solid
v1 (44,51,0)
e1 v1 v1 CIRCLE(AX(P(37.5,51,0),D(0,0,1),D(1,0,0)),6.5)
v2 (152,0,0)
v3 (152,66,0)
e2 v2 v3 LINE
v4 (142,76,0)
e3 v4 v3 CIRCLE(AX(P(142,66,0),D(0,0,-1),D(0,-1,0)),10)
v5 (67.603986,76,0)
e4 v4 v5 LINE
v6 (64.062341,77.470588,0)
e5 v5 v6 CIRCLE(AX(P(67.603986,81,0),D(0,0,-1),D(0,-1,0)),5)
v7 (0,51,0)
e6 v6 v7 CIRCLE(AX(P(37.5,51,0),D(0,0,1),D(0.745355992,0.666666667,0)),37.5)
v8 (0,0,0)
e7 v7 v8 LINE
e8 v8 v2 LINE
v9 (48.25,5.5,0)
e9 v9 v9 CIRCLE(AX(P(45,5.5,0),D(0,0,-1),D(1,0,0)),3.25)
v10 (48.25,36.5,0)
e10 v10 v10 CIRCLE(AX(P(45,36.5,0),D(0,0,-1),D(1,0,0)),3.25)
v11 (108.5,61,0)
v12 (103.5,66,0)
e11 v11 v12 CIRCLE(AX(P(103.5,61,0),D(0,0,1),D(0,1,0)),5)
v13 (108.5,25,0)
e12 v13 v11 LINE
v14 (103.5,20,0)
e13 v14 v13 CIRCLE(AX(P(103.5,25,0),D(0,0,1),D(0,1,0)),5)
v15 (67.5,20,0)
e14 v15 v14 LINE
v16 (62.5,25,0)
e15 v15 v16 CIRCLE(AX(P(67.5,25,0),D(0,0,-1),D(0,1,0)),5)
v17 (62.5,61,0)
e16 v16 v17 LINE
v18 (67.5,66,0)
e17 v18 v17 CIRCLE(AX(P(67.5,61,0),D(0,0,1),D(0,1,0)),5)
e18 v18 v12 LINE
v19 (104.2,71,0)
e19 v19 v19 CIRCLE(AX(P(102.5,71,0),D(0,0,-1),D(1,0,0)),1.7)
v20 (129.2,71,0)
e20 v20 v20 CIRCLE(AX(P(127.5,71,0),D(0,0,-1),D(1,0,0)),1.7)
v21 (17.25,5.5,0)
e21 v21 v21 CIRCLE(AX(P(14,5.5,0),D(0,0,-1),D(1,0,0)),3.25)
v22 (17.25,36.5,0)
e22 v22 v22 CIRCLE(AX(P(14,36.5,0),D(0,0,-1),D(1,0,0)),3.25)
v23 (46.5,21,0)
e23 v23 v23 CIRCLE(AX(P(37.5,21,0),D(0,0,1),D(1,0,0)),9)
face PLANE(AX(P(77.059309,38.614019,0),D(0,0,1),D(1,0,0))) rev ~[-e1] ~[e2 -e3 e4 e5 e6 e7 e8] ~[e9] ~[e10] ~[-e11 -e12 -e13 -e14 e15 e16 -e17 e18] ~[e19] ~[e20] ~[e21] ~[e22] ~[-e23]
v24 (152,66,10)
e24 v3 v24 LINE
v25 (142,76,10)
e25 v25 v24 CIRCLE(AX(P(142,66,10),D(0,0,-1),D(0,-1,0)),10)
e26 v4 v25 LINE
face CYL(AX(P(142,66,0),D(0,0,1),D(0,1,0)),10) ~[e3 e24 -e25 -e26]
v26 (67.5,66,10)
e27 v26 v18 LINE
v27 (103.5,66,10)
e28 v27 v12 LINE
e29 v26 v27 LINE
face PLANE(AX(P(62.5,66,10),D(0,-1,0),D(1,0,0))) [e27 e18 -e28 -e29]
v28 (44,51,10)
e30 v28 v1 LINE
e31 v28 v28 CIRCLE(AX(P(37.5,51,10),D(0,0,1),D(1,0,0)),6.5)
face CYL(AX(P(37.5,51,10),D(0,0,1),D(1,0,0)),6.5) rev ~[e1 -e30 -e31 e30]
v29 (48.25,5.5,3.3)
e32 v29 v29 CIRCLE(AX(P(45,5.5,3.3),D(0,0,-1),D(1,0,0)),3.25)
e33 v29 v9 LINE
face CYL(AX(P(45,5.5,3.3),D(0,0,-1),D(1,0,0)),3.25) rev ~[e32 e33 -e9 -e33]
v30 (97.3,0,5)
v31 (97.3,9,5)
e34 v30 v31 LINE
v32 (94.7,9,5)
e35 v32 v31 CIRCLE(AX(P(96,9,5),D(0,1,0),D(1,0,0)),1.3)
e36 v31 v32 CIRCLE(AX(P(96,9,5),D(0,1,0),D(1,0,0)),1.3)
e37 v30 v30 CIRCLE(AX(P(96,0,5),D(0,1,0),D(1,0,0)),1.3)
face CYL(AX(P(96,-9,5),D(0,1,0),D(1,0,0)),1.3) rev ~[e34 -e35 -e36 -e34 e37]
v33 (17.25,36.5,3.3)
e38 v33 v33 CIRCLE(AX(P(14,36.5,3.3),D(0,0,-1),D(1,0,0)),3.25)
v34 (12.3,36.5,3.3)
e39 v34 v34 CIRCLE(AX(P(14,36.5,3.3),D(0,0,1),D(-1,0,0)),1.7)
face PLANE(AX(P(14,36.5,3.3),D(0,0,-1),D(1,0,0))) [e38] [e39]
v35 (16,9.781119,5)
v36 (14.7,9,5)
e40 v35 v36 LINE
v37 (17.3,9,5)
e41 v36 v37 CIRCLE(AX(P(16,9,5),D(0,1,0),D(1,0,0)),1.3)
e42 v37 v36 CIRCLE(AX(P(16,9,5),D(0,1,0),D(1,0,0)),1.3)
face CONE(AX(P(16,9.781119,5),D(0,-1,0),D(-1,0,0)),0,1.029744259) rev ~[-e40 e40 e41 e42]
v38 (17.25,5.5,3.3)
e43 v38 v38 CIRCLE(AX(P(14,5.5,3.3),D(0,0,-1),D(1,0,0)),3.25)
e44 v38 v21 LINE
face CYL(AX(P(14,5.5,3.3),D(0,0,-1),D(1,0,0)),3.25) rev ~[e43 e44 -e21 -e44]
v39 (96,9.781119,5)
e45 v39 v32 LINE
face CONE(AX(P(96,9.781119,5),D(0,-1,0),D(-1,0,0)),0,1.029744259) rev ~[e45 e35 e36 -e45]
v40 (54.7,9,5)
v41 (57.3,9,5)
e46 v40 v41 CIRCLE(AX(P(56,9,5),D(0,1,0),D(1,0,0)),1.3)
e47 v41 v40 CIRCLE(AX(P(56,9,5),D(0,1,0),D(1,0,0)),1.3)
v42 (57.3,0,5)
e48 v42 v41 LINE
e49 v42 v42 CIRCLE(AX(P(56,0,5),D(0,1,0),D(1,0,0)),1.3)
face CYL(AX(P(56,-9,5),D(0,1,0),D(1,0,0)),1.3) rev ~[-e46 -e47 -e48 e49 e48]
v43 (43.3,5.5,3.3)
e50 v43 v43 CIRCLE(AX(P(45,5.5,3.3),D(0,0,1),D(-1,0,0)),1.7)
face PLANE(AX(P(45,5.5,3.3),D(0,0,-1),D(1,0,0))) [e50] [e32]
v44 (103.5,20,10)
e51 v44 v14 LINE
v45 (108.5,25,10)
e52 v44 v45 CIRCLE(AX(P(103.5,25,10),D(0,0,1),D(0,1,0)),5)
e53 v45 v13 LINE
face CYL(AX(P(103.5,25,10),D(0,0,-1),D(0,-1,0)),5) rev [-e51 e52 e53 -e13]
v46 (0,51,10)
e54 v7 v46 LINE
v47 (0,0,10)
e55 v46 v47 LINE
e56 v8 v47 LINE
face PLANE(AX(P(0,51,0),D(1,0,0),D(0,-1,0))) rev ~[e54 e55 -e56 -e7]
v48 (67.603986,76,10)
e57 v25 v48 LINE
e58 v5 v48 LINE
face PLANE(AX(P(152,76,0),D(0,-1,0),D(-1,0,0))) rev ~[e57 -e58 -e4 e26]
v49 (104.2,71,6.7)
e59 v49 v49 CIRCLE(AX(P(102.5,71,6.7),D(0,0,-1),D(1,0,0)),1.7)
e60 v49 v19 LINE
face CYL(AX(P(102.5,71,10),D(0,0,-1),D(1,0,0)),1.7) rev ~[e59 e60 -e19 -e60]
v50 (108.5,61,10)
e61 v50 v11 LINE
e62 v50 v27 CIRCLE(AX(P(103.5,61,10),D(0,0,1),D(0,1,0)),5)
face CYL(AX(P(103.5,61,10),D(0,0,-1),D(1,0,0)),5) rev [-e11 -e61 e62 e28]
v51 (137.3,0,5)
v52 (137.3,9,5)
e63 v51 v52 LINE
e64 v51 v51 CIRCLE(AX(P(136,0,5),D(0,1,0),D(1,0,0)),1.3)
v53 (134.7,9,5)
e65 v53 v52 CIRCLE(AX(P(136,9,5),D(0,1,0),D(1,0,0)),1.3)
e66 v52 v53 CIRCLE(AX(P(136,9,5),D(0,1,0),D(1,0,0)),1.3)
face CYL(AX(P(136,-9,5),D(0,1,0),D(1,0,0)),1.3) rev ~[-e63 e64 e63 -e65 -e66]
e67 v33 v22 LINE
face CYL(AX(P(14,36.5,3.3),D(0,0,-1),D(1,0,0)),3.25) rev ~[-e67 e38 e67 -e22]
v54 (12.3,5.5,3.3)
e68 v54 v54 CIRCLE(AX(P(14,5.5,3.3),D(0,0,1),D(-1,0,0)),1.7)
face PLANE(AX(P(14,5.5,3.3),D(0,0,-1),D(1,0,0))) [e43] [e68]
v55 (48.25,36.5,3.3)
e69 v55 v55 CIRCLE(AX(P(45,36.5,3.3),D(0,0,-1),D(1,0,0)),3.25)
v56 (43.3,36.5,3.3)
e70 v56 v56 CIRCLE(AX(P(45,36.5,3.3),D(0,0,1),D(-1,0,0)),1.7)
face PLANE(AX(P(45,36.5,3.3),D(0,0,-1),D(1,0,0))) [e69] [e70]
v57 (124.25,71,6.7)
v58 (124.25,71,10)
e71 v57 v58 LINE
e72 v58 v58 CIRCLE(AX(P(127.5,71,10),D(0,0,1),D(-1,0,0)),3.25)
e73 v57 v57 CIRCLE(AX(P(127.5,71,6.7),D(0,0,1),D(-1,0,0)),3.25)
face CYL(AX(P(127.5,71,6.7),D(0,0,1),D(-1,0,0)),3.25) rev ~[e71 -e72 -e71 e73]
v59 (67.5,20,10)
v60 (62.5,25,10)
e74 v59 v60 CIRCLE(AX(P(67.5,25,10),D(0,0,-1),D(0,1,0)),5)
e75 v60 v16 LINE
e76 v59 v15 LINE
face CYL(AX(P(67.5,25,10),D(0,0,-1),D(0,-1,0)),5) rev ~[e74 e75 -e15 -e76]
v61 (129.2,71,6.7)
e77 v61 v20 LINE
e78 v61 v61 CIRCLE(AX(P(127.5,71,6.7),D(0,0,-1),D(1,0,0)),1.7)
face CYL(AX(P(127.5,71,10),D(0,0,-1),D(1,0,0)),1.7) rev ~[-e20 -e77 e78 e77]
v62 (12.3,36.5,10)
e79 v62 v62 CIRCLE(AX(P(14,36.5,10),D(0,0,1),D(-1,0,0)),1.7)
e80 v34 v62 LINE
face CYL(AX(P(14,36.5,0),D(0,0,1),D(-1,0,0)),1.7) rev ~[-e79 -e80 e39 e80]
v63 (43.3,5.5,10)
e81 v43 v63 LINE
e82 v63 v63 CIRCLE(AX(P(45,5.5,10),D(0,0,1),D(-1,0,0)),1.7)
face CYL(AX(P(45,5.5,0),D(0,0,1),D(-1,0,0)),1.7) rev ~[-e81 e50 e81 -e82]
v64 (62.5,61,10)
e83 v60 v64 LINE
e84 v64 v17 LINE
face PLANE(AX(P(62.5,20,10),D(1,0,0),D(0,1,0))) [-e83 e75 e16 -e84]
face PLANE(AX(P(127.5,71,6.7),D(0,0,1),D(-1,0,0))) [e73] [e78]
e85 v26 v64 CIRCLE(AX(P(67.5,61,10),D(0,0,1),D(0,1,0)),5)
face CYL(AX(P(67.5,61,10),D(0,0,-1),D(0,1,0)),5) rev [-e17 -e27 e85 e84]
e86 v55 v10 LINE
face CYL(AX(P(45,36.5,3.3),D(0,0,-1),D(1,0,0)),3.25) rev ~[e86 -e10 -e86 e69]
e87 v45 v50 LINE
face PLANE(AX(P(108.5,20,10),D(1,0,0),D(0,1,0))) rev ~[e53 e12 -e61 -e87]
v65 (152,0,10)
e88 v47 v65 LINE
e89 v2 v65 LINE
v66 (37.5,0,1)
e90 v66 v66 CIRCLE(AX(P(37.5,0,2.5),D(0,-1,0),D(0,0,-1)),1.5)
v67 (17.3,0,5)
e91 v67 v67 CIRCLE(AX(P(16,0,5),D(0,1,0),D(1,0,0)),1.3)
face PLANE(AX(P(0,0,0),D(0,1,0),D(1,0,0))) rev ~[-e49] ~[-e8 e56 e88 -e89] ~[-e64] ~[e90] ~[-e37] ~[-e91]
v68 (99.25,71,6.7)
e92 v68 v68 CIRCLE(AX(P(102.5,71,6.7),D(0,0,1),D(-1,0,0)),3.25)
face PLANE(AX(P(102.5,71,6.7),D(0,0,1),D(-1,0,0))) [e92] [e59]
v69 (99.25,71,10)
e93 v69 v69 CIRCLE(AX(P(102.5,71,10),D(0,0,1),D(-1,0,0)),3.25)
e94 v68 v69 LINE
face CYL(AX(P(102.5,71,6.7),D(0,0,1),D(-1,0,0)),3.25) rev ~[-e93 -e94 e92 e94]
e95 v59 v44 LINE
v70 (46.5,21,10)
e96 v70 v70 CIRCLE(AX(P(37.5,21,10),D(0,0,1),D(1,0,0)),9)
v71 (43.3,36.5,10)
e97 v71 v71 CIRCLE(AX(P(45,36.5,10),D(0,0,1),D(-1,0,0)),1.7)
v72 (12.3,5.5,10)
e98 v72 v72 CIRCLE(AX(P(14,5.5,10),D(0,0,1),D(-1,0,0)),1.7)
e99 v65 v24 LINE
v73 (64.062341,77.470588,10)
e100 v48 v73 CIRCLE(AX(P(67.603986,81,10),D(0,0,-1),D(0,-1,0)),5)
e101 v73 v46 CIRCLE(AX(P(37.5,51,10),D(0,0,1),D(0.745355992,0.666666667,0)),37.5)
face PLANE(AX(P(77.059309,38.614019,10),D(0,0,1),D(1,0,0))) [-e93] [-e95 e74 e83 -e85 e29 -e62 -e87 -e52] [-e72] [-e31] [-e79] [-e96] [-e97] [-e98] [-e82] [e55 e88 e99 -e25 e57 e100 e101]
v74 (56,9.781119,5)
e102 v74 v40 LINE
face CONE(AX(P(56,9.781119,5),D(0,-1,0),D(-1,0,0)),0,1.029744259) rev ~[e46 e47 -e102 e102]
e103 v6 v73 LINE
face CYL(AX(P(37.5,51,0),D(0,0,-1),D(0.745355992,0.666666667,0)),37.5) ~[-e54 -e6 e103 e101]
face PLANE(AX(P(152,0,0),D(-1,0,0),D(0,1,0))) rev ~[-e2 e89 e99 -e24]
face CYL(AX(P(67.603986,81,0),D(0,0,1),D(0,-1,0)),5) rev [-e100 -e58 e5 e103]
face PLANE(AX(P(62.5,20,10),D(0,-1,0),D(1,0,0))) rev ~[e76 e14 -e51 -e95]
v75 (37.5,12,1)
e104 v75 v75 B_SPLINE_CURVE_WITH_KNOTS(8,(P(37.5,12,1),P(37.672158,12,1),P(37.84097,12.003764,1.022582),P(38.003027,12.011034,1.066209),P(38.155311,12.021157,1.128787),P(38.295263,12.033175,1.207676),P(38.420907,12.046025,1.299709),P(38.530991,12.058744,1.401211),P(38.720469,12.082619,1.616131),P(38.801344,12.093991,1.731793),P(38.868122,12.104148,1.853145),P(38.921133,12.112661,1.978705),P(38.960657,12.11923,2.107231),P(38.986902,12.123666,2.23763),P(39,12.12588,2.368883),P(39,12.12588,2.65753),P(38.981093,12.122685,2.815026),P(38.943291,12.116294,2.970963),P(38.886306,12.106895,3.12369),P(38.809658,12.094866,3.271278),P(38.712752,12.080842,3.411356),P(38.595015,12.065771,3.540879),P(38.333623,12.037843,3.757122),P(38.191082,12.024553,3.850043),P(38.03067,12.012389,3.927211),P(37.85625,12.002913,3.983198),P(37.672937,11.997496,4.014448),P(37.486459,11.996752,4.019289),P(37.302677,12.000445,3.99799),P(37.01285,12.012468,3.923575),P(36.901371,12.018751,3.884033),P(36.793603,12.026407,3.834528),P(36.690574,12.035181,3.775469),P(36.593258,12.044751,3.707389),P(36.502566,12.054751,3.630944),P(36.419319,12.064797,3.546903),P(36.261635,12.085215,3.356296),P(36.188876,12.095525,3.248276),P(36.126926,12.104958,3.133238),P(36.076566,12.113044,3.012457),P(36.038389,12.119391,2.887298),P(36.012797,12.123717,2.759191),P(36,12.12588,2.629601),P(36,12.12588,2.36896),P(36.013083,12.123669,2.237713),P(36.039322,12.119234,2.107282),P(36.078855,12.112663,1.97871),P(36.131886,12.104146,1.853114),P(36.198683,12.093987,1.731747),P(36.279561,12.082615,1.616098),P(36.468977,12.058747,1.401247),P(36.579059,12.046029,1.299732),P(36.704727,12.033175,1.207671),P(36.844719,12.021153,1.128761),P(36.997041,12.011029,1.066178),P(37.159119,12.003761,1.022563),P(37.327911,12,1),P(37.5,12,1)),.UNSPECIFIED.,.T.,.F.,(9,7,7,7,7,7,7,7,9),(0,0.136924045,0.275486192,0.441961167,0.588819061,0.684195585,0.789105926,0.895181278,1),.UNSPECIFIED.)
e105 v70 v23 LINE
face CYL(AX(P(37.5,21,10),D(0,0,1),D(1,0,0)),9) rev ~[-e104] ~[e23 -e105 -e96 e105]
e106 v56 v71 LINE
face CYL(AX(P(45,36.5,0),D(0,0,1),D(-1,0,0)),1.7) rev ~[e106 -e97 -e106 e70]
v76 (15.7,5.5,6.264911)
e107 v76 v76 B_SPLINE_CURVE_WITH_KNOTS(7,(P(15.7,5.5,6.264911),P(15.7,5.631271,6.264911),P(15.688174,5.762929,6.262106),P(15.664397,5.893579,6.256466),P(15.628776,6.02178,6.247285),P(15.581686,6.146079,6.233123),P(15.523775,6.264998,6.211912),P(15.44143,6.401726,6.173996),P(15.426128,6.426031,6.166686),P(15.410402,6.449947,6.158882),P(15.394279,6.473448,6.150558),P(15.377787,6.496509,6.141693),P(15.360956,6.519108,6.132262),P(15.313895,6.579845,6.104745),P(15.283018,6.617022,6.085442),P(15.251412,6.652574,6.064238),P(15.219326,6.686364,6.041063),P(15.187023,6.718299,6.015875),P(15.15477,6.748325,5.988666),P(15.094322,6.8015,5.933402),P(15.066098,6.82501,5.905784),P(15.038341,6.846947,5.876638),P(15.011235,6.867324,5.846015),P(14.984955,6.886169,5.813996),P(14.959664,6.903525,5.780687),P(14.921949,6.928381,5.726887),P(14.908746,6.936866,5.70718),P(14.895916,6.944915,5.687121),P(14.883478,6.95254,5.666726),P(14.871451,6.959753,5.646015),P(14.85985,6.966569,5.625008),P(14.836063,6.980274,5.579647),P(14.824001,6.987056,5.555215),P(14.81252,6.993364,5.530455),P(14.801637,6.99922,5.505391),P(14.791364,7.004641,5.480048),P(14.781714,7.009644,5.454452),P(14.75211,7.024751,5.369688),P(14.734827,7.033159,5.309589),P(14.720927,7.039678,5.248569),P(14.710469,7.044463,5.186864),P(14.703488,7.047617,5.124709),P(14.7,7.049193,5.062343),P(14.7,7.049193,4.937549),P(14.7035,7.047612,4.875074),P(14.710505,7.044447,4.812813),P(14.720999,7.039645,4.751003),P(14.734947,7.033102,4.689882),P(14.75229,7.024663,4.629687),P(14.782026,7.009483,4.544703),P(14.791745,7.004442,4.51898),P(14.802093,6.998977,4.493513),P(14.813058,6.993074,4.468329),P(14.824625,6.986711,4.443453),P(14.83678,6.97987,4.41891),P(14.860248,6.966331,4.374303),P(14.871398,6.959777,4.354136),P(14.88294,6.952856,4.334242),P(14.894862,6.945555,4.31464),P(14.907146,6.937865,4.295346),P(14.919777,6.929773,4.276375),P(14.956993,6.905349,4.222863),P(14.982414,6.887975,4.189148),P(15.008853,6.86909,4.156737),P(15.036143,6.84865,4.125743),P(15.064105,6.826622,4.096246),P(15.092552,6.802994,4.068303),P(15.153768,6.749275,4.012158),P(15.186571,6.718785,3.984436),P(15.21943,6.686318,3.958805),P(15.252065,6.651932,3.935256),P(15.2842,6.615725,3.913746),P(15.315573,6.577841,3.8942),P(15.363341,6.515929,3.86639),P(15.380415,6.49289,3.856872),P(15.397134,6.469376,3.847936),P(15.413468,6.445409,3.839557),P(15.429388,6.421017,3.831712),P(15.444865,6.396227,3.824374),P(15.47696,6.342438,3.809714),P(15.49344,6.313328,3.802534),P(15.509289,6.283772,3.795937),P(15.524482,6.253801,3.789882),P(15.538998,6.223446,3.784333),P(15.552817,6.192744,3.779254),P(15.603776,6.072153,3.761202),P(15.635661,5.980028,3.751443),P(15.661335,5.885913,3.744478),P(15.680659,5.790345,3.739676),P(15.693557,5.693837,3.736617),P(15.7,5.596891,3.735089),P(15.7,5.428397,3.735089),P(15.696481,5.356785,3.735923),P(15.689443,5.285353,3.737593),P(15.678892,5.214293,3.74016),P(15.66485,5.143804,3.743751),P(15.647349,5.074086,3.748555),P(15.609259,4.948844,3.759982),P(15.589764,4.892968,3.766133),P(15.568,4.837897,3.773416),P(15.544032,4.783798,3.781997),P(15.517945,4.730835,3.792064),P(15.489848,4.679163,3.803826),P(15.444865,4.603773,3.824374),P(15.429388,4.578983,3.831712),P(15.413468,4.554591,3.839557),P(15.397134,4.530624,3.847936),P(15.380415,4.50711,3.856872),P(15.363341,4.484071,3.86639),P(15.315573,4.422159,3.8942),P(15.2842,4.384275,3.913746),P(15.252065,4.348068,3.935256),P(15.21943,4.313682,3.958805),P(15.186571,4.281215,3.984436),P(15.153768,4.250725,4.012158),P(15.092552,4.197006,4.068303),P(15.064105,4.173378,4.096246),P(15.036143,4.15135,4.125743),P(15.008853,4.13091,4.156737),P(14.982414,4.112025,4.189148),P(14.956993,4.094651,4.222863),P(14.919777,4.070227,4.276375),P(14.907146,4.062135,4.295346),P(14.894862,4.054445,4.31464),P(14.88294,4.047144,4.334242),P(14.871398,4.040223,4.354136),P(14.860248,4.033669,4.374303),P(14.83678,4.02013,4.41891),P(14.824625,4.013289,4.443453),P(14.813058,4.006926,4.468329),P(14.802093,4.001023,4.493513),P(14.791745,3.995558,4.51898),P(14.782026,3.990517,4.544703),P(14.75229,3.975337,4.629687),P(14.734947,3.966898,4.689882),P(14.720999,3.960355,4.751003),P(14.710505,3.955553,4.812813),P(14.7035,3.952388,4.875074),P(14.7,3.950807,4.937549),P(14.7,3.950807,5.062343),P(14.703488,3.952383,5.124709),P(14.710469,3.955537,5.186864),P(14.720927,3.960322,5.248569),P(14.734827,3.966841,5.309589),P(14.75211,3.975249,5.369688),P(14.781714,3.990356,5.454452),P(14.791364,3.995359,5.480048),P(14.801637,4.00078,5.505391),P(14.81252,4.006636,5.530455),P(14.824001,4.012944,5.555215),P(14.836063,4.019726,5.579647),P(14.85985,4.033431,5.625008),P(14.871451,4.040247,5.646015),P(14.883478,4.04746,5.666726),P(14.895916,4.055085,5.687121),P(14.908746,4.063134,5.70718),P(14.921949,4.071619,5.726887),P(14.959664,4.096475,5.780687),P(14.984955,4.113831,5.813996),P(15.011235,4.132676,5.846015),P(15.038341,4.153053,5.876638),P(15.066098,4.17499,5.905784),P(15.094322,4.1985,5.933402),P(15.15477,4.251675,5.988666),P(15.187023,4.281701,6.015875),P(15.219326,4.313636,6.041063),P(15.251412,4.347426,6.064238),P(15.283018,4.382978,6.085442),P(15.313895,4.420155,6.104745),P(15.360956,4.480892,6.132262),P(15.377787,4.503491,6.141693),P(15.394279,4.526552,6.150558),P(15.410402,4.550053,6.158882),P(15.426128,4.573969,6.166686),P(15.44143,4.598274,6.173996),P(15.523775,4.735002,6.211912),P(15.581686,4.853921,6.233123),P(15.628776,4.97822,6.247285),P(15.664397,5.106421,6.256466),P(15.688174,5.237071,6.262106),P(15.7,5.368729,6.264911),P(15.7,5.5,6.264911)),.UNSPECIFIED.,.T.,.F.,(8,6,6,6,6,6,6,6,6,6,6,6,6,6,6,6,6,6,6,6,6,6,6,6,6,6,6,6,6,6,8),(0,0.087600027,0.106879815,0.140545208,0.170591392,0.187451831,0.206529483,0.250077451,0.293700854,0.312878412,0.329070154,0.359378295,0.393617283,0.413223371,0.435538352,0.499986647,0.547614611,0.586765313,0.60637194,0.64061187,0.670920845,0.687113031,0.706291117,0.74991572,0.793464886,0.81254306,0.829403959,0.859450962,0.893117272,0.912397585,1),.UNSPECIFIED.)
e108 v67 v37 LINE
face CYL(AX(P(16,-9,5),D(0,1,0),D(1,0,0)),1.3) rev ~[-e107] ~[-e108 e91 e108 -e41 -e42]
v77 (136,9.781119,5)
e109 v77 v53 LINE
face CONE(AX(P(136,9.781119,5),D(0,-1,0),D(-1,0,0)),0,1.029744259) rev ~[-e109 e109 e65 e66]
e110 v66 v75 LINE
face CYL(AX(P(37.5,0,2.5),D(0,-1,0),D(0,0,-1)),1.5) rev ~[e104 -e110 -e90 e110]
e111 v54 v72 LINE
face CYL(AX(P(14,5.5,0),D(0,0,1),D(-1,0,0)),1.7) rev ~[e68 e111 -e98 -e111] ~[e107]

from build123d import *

# Parameters (mm, degrees)
BOSS_EXTRUDE1_DEPTH                      = 10
FILLET1_R                                = 5
FILLET2_R                                = 10
SKETCH2_R                                = 9
CUT_EXTRUDE1_DEPTH                       = 177.171081622
SKETCH3_R                                = 6.5
CUT_EXTRUDE2_DEPTH                       = 177.171081622
SKETCH4_W                                = 46
SKETCH4_H                                = 46
CUT_EXTRUDE3_DEPTH                       = 177.171081622
CUT_EXTRUDE4_REACH                       = 178.171
CUT_EXTRUDE4_END_RADIUS                  = 9
SKETCH5_R                                = 1.5
FILLET3_R                                = 5
M3X0_5_TAPPED_HOLE1_D                    = 2.6
M3X0_5_TAPPED_HOLE1_DEPTH                = 9
M3X0_5_TAPPED_HOLE1_TIP                  = 0.781118805
CBORE_FOR_M3_PAN_HEAD_SCREW1_D           = 3.4
CBORE_FOR_M3_PAN_HEAD_SCREW1_CBORE_D     = 6.5
CBORE_FOR_M3_PAN_HEAD_SCREW1_CBORE_DEPTH = 3.3
CBORE_FOR_M3_PAN_HEAD_SCREW2_D           = 3.4
CBORE_FOR_M3_PAN_HEAD_SCREW2_CBORE_D     = 6.5
CBORE_FOR_M3_PAN_HEAD_SCREW2_CBORE_DEPTH = 3.3


with BuildPart() as part:
    # Sketch1 → Boss-Extrude1 (new body)
    with BuildSketch(Plane.XY):
        with BuildLine():
            Line((0, 0), (152, 0))
            Line((152, 0), (152, 76))
            Line((152, 76), (65.450849719, 76))
            ThreePointArc((65.450849719, 76), (24.119171634, 86.031463461), (0, 51))
            Line((0, 51), (0, 0))
        make_face()
    extrude(amount=BOSS_EXTRUDE1_DEPTH)

    # Fillet1
    fillet1_edges = [part.edges().sort_by_distance(p)[0] for p in [
        (65.450849719, 76, 5),
    ]]
    fillet(fillet1_edges, radius=FILLET1_R)

    # Fillet2
    fillet2_edges = [part.edges().sort_by_distance(p)[0] for p in [
        (152, 76, 5),
    ]]
    fillet(fillet2_edges, radius=FILLET2_R)

    # Sketch2 → Cut-Extrude1 (cut, through all)
    with BuildSketch(Plane.XY.offset(10)):
        with Locations((37.5, 21)):
            Circle(SKETCH2_R)
    extrude(amount=-CUT_EXTRUDE1_DEPTH, mode=Mode.SUBTRACT)

    # Sketch3 → Cut-Extrude2 (cut, through all)
    with BuildSketch(Plane.XY.offset(10)):
        with Locations((37.5, 51)):
            Circle(SKETCH3_R)
    extrude(amount=-CUT_EXTRUDE2_DEPTH, mode=Mode.SUBTRACT)

    # Sketch4 → Cut-Extrude3 (cut, through all)
    with BuildSketch(Plane.XY.offset(10)):
        with Locations((85.5, 43)):
            Rectangle(SKETCH4_W, SKETCH4_H)
    extrude(amount=-CUT_EXTRUDE3_DEPTH, mode=Mode.SUBTRACT)

    # Cut-Extrude4: up to this cylinder (the profile starts outside it)
    cut_extrude4_end = Plane(origin=(37.5, 21, 2.5), z_dir=(0, 0, 1)) * Cylinder(CUT_EXTRUDE4_END_RADIUS, 375.342, mode=Mode.PRIVATE)
    # Sketch5 → Cut-Extrude4 (cut, up to the surface)
    with BuildSketch(Plane.XZ, mode=Mode.PRIVATE) as cut_extrude4_sk1:
        with Locations(Location((37.5, 2.5, 0), (0, 0, 270))):
            Circle(SKETCH5_R)
    cut_extrude4_tool1 = extrude(cut_extrude4_sk1.sketch, amount=-CUT_EXTRUDE4_REACH, mode=Mode.PRIVATE) - cut_extrude4_end
    add(cut_extrude4_tool1.solids().sort_by_distance((37.5, 0, 2.5))[0], mode=Mode.SUBTRACT)

    # Fillet3
    fillet3_edges = [part.edges().sort_by_distance(p)[0] for p in [
        (62.5, 20, 5),
        (62.5, 66, 5),
        (108.5, 66, 5),
        (108.5, 20, 5),
    ]]
    fillet(fillet3_edges, radius=FILLET3_R)

    # M3x0.5 Tapped Hole1
    with Locations(Plane(origin=(0, 0, 0), x_dir=(-1, 0, 0), z_dir=(0, -1, 0))):
        with Locations((-16, -5), (-56, -5), (-96, -5), (-136, -5)):
            Hole(M3X0_5_TAPPED_HOLE1_D / 2, depth=M3X0_5_TAPPED_HOLE1_DEPTH)
            with Locations((0, 0, -(M3X0_5_TAPPED_HOLE1_DEPTH + M3X0_5_TAPPED_HOLE1_TIP / 2))):  # 118° drill point
                Cone(0, M3X0_5_TAPPED_HOLE1_D / 2, M3X0_5_TAPPED_HOLE1_TIP, mode=Mode.SUBTRACT)

    # CBORE for M3 Pan Head Screw1 (through all)
    with Locations(Plane(origin=(0, 0, 0), x_dir=(1, 0, 0), z_dir=(0, 0, -1))):
        with Locations((14, -36.5), (45, -36.5), (45, -5.5), (14, -5.5)):
            CounterBoreHole(CBORE_FOR_M3_PAN_HEAD_SCREW1_D / 2, CBORE_FOR_M3_PAN_HEAD_SCREW1_CBORE_D / 2, CBORE_FOR_M3_PAN_HEAD_SCREW1_CBORE_DEPTH)

    # CBORE for M3 Pan Head Screw2 (through all)
    with Locations(Plane(origin=(0, 0, 10), x_dir=(-1, 0, 0), z_dir=(0, 0, 1))):
        with Locations((-127.5, -71), (-102.5, -71)):
            CounterBoreHole(CBORE_FOR_M3_PAN_HEAD_SCREW2_D / 2, CBORE_FOR_M3_PAN_HEAD_SCREW2_CBORE_D / 2, CBORE_FOR_M3_PAN_HEAD_SCREW2_CBORE_DEPTH)


solid = part.part
